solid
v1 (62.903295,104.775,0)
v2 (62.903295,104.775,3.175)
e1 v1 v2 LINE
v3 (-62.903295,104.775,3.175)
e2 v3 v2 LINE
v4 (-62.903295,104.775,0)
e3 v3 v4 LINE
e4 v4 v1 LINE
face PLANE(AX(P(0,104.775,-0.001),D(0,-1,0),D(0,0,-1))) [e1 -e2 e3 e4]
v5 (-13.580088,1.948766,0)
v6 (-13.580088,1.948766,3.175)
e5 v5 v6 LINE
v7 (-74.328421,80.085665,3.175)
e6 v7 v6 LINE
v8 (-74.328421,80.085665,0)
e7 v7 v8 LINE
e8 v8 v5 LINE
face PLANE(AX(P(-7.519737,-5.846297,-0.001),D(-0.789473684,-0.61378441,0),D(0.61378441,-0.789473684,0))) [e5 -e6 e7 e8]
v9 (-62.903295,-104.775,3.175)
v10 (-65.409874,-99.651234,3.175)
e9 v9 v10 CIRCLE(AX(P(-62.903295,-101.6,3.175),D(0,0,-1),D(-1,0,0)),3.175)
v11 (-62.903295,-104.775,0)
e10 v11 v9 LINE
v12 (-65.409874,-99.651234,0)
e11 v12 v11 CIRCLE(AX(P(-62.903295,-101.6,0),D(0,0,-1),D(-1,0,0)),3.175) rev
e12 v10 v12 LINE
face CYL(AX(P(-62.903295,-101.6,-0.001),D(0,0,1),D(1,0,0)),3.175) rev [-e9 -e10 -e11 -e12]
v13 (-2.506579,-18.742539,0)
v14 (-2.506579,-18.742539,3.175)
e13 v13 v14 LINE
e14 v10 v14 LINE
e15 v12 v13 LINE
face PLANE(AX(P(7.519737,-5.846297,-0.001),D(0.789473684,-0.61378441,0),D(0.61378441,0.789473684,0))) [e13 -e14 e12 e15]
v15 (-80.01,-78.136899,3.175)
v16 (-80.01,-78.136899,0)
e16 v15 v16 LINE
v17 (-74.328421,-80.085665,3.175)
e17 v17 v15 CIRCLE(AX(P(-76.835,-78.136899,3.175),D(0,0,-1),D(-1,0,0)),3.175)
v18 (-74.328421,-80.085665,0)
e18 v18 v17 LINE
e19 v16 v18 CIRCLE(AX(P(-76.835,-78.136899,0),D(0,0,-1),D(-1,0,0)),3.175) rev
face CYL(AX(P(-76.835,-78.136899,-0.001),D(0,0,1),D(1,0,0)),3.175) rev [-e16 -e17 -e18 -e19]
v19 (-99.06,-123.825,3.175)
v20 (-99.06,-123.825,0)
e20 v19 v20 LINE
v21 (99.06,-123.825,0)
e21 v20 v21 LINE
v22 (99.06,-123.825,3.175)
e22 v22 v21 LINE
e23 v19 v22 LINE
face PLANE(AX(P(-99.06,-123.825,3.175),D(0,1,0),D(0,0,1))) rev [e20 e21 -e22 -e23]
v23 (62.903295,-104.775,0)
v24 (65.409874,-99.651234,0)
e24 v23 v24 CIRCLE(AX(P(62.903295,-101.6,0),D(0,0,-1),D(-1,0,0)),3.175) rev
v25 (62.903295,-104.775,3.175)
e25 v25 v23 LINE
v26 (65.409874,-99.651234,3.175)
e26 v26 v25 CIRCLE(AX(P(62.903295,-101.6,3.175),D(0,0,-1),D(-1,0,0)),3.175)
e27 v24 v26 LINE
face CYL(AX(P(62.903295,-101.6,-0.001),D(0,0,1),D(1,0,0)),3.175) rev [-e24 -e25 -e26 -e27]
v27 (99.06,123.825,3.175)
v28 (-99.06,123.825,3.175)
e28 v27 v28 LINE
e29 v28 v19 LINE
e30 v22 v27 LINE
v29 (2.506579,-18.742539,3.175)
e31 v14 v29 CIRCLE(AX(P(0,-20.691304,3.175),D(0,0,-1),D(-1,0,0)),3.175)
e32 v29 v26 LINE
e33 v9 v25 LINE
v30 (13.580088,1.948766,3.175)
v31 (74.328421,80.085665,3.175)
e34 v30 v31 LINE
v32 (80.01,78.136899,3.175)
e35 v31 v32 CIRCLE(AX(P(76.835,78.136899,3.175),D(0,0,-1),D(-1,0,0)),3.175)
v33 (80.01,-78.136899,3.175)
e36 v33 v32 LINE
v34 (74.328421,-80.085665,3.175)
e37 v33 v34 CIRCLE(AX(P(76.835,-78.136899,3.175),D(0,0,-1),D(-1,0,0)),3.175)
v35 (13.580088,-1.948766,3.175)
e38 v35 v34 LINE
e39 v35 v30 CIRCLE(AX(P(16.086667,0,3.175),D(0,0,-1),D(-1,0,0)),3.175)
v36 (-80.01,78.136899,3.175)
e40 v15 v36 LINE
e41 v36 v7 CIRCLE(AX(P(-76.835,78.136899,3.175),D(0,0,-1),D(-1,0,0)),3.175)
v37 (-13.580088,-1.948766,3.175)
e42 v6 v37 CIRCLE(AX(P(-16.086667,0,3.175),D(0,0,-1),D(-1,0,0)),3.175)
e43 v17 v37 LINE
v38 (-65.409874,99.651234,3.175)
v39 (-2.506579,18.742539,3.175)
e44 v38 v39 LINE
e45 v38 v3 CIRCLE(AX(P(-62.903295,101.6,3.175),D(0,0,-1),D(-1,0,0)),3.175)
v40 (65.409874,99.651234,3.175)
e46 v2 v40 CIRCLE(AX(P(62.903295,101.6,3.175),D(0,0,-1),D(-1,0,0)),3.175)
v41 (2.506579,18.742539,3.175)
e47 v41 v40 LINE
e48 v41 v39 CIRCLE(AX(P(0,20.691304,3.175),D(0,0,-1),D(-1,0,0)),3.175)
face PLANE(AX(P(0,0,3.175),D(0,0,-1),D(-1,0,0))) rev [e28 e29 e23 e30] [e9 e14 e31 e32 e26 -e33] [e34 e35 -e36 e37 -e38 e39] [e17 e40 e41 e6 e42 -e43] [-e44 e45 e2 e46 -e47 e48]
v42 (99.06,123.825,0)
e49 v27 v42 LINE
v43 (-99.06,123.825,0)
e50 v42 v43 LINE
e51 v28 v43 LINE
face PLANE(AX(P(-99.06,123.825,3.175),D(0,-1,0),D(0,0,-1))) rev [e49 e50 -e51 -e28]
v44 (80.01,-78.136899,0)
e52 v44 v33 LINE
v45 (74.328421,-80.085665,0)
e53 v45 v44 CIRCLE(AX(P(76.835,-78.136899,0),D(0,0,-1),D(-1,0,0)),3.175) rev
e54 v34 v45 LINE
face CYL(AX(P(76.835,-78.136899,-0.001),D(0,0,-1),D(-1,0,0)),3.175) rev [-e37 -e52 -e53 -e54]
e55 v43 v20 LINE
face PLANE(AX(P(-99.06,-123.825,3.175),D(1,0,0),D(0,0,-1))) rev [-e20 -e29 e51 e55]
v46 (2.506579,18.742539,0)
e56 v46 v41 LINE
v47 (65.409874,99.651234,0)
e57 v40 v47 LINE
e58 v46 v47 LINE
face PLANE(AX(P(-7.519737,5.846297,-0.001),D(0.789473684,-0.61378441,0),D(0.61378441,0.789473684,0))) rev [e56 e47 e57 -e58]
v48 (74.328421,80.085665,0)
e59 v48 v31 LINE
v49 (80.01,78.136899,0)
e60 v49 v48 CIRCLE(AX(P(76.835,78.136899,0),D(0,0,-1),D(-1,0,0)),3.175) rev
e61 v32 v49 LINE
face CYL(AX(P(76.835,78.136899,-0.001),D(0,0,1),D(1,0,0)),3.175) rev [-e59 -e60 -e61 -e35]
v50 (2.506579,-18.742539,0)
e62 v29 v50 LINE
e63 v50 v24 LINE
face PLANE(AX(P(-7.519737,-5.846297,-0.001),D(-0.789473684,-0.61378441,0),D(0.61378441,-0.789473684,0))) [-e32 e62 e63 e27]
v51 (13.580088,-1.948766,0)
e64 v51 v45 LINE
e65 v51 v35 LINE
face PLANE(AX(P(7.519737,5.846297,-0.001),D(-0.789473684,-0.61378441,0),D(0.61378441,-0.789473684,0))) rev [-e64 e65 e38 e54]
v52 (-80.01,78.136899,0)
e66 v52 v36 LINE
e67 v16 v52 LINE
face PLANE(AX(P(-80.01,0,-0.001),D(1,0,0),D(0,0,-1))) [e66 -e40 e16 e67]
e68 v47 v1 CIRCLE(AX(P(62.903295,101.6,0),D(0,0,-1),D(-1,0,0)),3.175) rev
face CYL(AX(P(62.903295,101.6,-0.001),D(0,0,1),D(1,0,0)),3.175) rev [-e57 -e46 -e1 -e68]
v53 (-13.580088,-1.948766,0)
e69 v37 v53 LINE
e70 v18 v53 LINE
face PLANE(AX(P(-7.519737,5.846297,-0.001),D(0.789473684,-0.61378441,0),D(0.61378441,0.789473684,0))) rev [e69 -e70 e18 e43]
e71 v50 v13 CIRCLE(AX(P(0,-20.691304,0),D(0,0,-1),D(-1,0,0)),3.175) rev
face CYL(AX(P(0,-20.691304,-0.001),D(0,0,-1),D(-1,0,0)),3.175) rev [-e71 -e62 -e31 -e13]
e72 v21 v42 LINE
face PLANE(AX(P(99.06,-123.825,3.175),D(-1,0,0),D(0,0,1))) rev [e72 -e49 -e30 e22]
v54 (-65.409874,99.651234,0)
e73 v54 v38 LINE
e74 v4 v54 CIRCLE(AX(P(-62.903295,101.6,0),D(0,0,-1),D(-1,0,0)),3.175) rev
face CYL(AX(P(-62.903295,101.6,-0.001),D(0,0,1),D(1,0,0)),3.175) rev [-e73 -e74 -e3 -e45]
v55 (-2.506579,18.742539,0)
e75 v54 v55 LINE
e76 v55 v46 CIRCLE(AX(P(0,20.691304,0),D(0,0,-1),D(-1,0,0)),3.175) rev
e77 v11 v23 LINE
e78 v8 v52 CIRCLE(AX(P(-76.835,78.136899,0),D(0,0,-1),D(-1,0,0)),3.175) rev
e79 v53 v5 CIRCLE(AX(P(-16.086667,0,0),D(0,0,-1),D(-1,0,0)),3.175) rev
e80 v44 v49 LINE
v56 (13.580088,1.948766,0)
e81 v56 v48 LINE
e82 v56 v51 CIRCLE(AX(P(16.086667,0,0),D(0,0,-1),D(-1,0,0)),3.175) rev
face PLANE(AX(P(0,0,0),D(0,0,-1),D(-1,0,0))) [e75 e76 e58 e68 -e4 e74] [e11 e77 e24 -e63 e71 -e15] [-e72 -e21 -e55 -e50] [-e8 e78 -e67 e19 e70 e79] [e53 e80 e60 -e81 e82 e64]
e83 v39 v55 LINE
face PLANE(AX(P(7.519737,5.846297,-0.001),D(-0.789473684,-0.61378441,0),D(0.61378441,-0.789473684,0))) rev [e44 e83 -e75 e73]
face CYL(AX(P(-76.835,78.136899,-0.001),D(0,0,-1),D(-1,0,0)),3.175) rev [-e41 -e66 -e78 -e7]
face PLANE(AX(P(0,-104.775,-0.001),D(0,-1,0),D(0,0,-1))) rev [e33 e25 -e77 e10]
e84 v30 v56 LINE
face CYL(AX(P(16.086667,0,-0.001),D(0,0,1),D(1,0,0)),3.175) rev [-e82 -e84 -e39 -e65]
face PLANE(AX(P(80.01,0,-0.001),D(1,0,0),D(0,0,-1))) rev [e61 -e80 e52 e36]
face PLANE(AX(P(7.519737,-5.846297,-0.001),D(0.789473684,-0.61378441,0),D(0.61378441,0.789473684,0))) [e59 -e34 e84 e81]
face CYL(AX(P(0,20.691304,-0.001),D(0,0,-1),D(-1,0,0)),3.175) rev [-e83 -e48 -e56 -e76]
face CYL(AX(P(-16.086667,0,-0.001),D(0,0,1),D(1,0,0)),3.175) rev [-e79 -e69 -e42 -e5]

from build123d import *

# Parameters (mm, degrees)
SKETCH1_W           = 198.12
SKETCH1_H           = 247.65
BOSS_EXTRUDE1_DEPTH = 3.175
CUT_EXTRUDE1_REACH  = 5.175
FILLET1_R           = 3.175


with BuildPart() as part:
    # Sketch1 → Boss-Extrude1 (new body)
    with BuildSketch(Plane.XY):
        Rectangle(SKETCH1_W, SKETCH1_H)
    extrude(amount=BOSS_EXTRUDE1_DEPTH)

    # Sketch2 → Cut-Extrude1 (cut, up to next)
    with BuildSketch(Plane.XY.offset(3.175), mode=Mode.PRIVATE) as cut_extrude1_sk1:
        Polygon((-80.01, -87.393535256), (-12.065, 0), (-80.01, 87.393535256), align=None)
    cut_extrude1_tool1 = extrude(cut_extrude1_sk1.sketch, amount=-CUT_EXTRUDE1_REACH, mode=Mode.PRIVATE) & part.part
    add(cut_extrude1_tool1.solids().sort_by_distance((-57.361667, 0, 3.175))[0], mode=Mode.SUBTRACT)
    # Sketch2 → Cut-Extrude1 (cut, up to next)
    with BuildSketch(Plane.XY.offset(3.175), mode=Mode.PRIVATE) as cut_extrude1_sk2:
        Polygon((69.393397971, 104.775), (-69.393397971, 104.775), (0, 15.518478223), align=None)
    cut_extrude1_tool2 = extrude(cut_extrude1_sk2.sketch, amount=-CUT_EXTRUDE1_REACH, mode=Mode.PRIVATE) & part.part
    add(cut_extrude1_tool2.solids().sort_by_distance((0, 75.022826, 3.175))[0], mode=Mode.SUBTRACT)
    # Sketch2 → Cut-Extrude1 (cut, up to next)
    with BuildSketch(Plane.XY.offset(3.175), mode=Mode.PRIVATE) as cut_extrude1_sk3:
        Polygon((80.01, 87.393535256), (12.065, 0), (80.01, -87.393535256), align=None)
    cut_extrude1_tool3 = extrude(cut_extrude1_sk3.sketch, amount=-CUT_EXTRUDE1_REACH, mode=Mode.PRIVATE) & part.part
    add(cut_extrude1_tool3.solids().sort_by_distance((57.361667, 0, 3.175))[0], mode=Mode.SUBTRACT)
    # Sketch2 → Cut-Extrude1 (cut, up to next)
    with BuildSketch(Plane.XY.offset(3.175), mode=Mode.PRIVATE) as cut_extrude1_sk4:
        Polygon((69.393397971, -104.775), (0, -15.518478223), (-69.393397971, -104.775), align=None)
    cut_extrude1_tool4 = extrude(cut_extrude1_sk4.sketch, amount=-CUT_EXTRUDE1_REACH, mode=Mode.PRIVATE) & part.part
    add(cut_extrude1_tool4.solids().sort_by_distance((0, -75.022826, 3.175))[0], mode=Mode.SUBTRACT)

    # Fillet1
    fillet1_edges = [part.edges().sort_by_distance(p)[0] for p in [
        (12.065, 0, 1.5875),
        (80.01, 87.393535256, 1.5875),
        (80.01, -87.393535256, 1.5875),
        (0, 15.518478223, 1.5875),
        (-69.393397971, 104.775, 1.5875),
        (69.393397971, 104.775, 1.5875),
        (-69.393397971, -104.775, 1.5875),
        (0, -15.518478223, 1.5875),
        (69.393397971, -104.775, 1.5875),
        (-80.01, -87.393535256, 1.5875),
        (-80.01, 87.393535256, 1.5875),
        (-12.065, 0, 1.5875),
    ]]
    fillet(fillet1_edges, radius=FILLET1_R)


solid = part.part
